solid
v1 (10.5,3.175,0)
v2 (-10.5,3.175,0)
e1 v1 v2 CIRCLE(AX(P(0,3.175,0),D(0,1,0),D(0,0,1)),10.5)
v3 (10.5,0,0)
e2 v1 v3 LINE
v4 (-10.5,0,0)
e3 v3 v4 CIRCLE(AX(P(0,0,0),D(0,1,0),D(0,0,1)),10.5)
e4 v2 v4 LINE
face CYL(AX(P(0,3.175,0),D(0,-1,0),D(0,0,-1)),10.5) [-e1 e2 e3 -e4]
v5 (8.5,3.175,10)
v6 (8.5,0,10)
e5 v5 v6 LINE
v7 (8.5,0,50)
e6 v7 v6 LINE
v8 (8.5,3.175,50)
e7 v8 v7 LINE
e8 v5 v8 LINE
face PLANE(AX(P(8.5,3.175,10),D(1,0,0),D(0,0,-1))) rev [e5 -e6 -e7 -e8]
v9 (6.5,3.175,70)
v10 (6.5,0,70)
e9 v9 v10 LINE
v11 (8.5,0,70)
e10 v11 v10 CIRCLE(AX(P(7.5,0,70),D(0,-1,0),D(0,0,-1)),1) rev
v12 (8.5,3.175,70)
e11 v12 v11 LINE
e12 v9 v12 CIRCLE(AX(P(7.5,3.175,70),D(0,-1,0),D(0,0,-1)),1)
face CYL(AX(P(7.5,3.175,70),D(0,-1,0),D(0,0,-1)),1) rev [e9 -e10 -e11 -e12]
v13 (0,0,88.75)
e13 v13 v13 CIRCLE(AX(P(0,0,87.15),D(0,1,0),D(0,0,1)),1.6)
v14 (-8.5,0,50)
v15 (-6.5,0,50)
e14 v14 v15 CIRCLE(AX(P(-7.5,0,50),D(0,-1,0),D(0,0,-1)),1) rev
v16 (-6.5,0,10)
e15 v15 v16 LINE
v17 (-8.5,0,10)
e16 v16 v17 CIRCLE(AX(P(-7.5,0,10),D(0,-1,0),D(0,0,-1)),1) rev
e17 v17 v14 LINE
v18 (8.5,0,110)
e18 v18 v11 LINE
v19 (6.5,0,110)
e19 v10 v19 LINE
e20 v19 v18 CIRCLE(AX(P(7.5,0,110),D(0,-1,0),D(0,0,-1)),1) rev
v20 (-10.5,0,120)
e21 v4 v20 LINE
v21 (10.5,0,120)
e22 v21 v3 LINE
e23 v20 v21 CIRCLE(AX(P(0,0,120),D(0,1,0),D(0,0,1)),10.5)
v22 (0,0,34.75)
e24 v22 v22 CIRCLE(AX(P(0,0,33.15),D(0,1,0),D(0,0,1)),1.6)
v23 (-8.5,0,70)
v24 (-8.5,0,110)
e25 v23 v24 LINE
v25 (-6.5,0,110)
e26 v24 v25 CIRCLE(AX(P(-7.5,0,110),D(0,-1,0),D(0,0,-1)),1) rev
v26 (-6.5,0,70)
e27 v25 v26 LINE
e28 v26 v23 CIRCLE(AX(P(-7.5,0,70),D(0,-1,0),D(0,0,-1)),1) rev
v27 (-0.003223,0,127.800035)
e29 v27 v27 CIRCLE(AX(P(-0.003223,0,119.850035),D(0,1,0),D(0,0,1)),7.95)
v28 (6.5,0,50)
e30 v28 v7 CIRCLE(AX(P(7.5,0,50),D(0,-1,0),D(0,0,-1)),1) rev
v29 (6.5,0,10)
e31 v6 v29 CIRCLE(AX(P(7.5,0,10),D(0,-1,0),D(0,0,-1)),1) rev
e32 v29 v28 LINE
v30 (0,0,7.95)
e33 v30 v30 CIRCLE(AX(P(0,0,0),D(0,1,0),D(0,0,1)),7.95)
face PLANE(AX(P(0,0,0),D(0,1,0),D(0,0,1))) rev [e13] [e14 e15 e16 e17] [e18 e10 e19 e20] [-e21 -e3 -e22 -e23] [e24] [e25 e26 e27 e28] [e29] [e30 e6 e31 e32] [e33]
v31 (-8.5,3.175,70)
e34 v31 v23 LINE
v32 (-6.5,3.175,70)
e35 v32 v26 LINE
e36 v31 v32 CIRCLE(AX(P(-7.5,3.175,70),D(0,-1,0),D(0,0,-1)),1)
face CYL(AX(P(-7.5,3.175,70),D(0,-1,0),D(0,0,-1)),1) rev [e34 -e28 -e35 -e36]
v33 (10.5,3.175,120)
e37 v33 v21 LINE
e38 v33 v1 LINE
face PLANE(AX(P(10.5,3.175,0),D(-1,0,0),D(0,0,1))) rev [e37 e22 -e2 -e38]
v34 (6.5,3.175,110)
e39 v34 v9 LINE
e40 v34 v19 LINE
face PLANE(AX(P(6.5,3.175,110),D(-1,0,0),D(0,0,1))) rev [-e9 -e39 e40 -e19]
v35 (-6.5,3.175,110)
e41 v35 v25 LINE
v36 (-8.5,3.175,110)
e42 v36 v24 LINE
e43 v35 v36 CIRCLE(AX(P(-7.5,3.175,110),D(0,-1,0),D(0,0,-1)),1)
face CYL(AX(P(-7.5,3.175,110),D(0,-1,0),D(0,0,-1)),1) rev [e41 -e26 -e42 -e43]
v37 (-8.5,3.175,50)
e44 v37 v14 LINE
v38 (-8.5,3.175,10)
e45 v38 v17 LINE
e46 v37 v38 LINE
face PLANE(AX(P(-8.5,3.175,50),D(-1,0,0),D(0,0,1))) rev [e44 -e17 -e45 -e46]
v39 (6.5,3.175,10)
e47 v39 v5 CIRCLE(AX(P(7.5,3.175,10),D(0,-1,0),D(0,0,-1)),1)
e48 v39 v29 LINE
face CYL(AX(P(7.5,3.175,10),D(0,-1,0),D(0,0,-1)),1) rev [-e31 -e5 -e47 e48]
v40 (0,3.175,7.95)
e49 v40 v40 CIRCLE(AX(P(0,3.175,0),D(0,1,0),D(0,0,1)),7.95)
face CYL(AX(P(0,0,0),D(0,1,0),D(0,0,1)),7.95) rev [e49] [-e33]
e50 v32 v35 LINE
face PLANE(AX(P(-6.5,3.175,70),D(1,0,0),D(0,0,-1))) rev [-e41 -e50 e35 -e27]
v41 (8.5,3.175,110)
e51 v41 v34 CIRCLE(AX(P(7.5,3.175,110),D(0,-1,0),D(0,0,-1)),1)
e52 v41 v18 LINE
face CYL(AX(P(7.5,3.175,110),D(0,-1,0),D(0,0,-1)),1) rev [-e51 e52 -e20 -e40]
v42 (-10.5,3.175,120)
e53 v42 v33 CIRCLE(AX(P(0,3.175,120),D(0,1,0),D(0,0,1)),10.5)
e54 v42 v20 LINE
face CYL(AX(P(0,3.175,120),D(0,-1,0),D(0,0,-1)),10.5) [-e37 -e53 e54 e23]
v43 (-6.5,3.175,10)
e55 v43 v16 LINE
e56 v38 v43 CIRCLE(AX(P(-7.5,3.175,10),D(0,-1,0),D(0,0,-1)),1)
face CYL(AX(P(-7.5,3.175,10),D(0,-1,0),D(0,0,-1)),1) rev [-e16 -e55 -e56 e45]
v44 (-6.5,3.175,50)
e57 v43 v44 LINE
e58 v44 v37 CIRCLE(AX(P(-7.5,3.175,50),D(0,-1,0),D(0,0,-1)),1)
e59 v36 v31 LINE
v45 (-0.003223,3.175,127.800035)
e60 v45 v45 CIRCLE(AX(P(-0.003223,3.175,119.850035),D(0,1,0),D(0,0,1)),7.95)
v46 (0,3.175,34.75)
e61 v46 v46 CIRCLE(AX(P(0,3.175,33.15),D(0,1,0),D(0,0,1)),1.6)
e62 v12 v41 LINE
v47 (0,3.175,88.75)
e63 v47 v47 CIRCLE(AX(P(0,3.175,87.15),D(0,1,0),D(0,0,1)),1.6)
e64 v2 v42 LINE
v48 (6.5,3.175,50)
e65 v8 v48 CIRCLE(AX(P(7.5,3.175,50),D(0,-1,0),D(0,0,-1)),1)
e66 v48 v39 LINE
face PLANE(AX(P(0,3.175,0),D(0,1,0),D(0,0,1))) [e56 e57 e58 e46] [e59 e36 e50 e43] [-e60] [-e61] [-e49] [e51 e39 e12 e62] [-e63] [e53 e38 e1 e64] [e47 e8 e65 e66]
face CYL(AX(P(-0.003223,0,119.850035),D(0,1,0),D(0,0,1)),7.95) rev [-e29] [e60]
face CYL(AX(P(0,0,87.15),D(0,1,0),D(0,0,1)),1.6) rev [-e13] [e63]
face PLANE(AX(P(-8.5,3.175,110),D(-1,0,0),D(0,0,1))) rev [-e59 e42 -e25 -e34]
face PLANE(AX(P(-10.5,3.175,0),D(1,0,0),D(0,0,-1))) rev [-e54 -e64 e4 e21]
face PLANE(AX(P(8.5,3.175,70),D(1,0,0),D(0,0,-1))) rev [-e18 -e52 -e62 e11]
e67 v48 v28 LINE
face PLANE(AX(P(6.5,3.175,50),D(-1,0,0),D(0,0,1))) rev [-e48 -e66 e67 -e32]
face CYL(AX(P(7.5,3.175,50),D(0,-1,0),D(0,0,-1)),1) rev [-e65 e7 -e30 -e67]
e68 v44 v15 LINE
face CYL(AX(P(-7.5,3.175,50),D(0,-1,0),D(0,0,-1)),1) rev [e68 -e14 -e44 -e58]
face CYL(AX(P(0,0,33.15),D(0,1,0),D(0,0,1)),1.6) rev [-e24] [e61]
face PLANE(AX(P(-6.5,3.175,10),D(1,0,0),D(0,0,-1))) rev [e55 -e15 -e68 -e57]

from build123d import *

# Parameters (mm, degrees)
BOSS_EXTRUDE1_DEPTH     = 3.175
CUT_EXTRUDE2_DEPTH      = 131.960225355
CUT_EXTRUDE2_DEPTH_BACK = 131.960225355
CUT_EXTRUDE3_DEPTH      = 131.960225355
CUT_EXTRUDE3_DEPTH_BACK = 131.960225355
SKETCH4_R               = 1.6
CUT_EXTRUDE4_DEPTH      = 131.960225355
CUT_EXTRUDE4_DEPTH_BACK = 131.960225355
SKETCH5_R               = 7.95


with BuildPart() as part:
    # Sketch1 → Boss-Extrude1 (new body)
    with BuildSketch(Plane(origin=(0, 0, 0), x_dir=(1, 0, 0), z_dir=(0, 1, 0))):
        with BuildLine():
            Line((-10.5, 0), (-10.5, -120))
            ThreePointArc((-10.5, -120), (0, -130.5), (10.5, -120))
            Line((10.5, -120), (10.5, 0))
            ThreePointArc((10.5, 0), (0, 10.5), (-10.5, 0))
        make_face()
    extrude(amount=BOSS_EXTRUDE1_DEPTH)

    # Sketch3 → Cut-Extrude2 (cut, two sides: drawn at the far end of the back side and taken through both)
    with BuildSketch(Plane.XZ.offset(-CUT_EXTRUDE2_DEPTH_BACK)):
        with BuildLine():
            Line((-8.5, 110), (-8.5, 70))
            ThreePointArc((-8.5, 70), (-7.5, 69), (-6.5, 70))
            Line((-6.5, 70), (-6.5, 110))
            ThreePointArc((-6.5, 110), (-7.5, 111), (-8.5, 110))
        make_face()
        with BuildLine():
            Line((6.5, 110), (6.5, 70))
            ThreePointArc((6.5, 70), (7.5, 69), (8.5, 70))
            Line((8.5, 70), (8.5, 110))
            ThreePointArc((8.5, 110), (7.5, 111), (6.5, 110))
        make_face()
        with BuildLine():
            Line((8.5, 10), (8.5, 50))
            ThreePointArc((8.5, 50), (7.5, 51), (6.5, 50))
            Line((6.5, 50), (6.5, 10))
            ThreePointArc((6.5, 10), (7.5, 9), (8.5, 10))
        make_face()
        with BuildLine():
            Line((-8.5, 50), (-8.5, 10))
            ThreePointArc((-8.5, 10), (-7.5, 9), (-6.5, 10))
            Line((-6.5, 10), (-6.5, 50))
            ThreePointArc((-6.5, 50), (-7.5, 51), (-8.5, 50))
        make_face()
    extrude(amount=CUT_EXTRUDE2_DEPTH + CUT_EXTRUDE2_DEPTH_BACK, mode=Mode.SUBTRACT)

    # Sketch4 → Cut-Extrude3 (cut, two sides: drawn at the far end of the back side and taken through both)
    with BuildSketch(Plane(origin=(0, 3.175, 0), x_dir=(1, 0, 0), z_dir=(0, 1, 0)).offset(-CUT_EXTRUDE3_DEPTH_BACK)):
        with Locations(Location((0, -33.15, 0), (0, 0, 270))):
            Circle(SKETCH4_R)
        with Locations(Location((0, -87.15, 0), (0, 0, 270))):
            Circle(SKETCH4_R)
    extrude(amount=CUT_EXTRUDE3_DEPTH + CUT_EXTRUDE3_DEPTH_BACK, mode=Mode.SUBTRACT)

    # Sketch5 → Cut-Extrude4 (cut, two sides: drawn at the far end of the back side and taken through both)
    with BuildSketch(Plane(origin=(0, 3.175, 0), x_dir=(1, 0, 0), z_dir=(0, 1, 0)).offset(-CUT_EXTRUDE4_DEPTH_BACK)):
        with Locations(Location((0, 0, 0), (0, 0, 270))):
            Circle(SKETCH5_R)
        with Locations(Location((-0.003223035, -119.850034657, 0), (0, 0, 270))):
            Circle(SKETCH5_R)
    extrude(amount=CUT_EXTRUDE4_DEPTH + CUT_EXTRUDE4_DEPTH_BACK, mode=Mode.SUBTRACT)


solid = part.part
